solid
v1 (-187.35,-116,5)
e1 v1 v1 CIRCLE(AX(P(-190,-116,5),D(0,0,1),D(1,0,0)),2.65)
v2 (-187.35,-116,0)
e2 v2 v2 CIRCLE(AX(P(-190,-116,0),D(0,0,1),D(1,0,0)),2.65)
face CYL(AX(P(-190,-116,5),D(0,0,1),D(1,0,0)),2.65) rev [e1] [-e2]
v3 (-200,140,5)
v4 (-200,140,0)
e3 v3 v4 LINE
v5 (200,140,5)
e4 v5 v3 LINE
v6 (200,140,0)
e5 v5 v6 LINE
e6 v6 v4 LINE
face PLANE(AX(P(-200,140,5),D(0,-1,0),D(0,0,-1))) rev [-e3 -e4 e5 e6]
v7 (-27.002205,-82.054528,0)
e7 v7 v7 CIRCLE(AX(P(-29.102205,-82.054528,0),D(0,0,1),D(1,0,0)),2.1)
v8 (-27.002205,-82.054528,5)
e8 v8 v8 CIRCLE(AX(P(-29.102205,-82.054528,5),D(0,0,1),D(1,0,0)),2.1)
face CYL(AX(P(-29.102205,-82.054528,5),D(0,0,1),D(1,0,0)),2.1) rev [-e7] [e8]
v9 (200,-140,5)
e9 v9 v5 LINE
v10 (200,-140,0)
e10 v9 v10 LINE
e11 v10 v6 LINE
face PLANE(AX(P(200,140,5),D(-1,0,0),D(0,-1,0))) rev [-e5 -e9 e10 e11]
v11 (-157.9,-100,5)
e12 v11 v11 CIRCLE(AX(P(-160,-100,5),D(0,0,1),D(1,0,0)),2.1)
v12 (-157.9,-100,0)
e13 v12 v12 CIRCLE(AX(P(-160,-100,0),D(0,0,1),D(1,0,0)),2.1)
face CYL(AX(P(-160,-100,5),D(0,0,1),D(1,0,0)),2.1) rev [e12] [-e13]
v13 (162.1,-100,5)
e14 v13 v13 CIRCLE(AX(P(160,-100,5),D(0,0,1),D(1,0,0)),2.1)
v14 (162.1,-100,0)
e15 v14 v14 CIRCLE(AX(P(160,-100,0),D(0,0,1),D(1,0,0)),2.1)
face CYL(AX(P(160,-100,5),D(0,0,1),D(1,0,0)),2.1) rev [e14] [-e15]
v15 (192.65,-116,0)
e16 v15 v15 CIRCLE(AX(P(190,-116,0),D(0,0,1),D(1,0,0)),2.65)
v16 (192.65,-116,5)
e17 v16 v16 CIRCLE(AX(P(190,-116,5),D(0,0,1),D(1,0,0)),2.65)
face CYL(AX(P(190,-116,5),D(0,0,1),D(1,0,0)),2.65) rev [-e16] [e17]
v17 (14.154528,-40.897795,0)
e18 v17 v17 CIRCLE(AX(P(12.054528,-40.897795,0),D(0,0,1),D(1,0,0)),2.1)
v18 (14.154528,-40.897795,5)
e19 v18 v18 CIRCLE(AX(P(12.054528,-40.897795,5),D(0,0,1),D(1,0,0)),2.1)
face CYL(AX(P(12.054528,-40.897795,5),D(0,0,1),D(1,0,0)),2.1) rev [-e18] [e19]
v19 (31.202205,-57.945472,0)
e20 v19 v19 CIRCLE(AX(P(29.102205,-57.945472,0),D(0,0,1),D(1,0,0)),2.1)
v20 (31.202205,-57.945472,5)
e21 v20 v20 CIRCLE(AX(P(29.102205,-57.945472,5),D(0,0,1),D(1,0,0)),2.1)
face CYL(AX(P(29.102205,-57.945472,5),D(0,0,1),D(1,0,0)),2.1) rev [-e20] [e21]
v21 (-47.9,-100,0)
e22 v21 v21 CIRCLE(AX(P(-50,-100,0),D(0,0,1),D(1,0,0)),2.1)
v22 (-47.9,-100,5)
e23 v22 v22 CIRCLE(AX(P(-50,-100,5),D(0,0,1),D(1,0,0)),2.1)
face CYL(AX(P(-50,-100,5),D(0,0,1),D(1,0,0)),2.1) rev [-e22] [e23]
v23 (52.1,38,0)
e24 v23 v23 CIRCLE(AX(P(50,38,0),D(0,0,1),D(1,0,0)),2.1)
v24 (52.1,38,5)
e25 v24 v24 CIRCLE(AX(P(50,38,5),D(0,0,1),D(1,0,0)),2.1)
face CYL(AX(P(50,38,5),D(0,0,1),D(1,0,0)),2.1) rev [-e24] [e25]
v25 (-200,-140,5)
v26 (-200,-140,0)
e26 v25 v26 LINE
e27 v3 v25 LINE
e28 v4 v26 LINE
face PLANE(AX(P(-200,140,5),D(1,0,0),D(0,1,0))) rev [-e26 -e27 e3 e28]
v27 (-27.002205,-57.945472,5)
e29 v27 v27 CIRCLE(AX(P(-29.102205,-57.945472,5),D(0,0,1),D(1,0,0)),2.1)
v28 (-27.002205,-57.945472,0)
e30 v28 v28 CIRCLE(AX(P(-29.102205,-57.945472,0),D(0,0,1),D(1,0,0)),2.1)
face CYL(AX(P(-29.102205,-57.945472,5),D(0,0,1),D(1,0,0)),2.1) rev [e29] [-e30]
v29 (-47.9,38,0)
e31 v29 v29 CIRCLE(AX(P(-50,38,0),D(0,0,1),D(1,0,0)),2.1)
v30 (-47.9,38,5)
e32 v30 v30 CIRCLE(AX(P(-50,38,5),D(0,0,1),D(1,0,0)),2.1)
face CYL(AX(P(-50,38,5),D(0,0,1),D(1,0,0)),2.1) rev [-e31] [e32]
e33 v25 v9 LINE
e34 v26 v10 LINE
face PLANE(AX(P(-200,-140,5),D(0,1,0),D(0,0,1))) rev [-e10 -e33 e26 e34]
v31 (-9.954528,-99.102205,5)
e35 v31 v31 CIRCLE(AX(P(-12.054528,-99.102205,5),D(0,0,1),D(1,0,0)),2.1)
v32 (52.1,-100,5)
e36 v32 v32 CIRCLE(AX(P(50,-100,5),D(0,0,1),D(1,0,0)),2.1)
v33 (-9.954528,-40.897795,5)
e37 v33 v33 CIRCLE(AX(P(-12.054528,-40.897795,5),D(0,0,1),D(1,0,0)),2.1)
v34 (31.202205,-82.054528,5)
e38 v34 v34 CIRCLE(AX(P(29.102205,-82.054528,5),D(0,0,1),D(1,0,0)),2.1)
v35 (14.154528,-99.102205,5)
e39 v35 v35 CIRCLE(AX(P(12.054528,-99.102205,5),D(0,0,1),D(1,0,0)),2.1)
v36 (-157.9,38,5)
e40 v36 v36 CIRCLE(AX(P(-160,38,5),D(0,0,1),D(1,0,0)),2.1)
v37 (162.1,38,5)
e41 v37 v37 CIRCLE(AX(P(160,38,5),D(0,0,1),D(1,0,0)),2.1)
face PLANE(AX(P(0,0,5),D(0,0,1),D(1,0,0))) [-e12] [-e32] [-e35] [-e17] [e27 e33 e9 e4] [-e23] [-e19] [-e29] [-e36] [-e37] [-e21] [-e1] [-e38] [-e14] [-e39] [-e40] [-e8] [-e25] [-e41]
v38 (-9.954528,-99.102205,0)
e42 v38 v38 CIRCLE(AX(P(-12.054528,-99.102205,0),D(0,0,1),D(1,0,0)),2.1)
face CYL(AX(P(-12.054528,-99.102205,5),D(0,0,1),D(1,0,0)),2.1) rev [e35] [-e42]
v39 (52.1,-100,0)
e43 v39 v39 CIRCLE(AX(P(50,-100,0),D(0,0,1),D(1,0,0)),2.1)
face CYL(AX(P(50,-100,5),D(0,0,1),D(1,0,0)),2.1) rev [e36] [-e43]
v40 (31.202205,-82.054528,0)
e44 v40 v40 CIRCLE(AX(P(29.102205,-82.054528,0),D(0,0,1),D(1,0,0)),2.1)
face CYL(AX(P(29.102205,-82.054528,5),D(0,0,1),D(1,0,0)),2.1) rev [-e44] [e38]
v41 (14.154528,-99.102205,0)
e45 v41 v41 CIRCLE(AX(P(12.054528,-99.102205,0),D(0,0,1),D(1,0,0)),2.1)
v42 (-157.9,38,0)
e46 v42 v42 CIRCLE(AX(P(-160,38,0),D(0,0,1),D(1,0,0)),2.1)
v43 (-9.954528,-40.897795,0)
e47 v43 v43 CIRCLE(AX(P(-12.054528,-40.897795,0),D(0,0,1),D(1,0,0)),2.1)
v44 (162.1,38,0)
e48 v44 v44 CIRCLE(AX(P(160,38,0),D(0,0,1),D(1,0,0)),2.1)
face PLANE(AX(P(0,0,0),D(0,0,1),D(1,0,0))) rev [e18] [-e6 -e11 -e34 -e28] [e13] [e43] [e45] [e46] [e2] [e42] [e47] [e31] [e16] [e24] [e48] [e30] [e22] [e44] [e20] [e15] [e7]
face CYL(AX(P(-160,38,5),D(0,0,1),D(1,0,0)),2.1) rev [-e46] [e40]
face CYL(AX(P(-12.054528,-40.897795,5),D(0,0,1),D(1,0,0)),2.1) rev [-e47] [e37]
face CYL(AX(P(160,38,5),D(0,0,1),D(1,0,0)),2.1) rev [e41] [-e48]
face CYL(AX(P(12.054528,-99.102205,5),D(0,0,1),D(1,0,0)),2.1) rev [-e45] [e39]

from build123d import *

# Parameters (mm, degrees)
ESBO_O1_W                    = 400
ESBO_O1_H                    = 280
RESSALTO_EXTRUS_O1_DEPTH     = 5
FURO_DE_DI_METRO_4_2_4_2_2_D = 4.2
FURO_DE_DI_METRO_5_3_5_3_1_D = 5.3
FURO_DE_DI_METRO_4_2_4_2_1_D = 4.2


with BuildPart() as part:
    # Esboço1 → Ressalto-extrusão1 (new body)
    with BuildSketch(Plane.XY):
        Rectangle(ESBO_O1_W, ESBO_O1_H)
    extrude(amount=RESSALTO_EXTRUS_O1_DEPTH)

    # Furo de diâmetro Ø4.2 (4.2)2 (through all)
    with Locations(Plane(origin=(12.05452812, -40.897794726, 5), x_dir=(1, 0, 0), z_dir=(0, 0, 1))):
        with Locations((0, 0), (17.047677154, -17.047677154), (17.047677154, -41.156733393), (0, -58.204410548), (-24.109056239, -58.204410548), (-41.156733394, -41.156733394), (-41.156733394, -17.047677155), (-24.109056239, 0)):
            Hole(FURO_DE_DI_METRO_4_2_4_2_2_D / 2)

    # Furo de diâmetro Ø5.3 (5.3)1 (through all)
    with Locations(Plane(origin=(-190, -116, 5), x_dir=(1, 0, 0), z_dir=(0, 0, 1))):
        with Locations((0, 0), (380, 0)):
            Hole(FURO_DE_DI_METRO_5_3_5_3_1_D / 2)

    # Furo de diâmetro Ø4.2 (4.2)1 (through all)
    with Locations(Plane(origin=(-160, 38, 5), x_dir=(1, 0, 0), z_dir=(0, 0, 1))):
        with Locations((0, 0), (110, 0), (210, 0), (320, 0), (320, -138), (210, -138), (110, -138), (0, -138)):
            Hole(FURO_DE_DI_METRO_4_2_4_2_1_D / 2)


solid = part.part
